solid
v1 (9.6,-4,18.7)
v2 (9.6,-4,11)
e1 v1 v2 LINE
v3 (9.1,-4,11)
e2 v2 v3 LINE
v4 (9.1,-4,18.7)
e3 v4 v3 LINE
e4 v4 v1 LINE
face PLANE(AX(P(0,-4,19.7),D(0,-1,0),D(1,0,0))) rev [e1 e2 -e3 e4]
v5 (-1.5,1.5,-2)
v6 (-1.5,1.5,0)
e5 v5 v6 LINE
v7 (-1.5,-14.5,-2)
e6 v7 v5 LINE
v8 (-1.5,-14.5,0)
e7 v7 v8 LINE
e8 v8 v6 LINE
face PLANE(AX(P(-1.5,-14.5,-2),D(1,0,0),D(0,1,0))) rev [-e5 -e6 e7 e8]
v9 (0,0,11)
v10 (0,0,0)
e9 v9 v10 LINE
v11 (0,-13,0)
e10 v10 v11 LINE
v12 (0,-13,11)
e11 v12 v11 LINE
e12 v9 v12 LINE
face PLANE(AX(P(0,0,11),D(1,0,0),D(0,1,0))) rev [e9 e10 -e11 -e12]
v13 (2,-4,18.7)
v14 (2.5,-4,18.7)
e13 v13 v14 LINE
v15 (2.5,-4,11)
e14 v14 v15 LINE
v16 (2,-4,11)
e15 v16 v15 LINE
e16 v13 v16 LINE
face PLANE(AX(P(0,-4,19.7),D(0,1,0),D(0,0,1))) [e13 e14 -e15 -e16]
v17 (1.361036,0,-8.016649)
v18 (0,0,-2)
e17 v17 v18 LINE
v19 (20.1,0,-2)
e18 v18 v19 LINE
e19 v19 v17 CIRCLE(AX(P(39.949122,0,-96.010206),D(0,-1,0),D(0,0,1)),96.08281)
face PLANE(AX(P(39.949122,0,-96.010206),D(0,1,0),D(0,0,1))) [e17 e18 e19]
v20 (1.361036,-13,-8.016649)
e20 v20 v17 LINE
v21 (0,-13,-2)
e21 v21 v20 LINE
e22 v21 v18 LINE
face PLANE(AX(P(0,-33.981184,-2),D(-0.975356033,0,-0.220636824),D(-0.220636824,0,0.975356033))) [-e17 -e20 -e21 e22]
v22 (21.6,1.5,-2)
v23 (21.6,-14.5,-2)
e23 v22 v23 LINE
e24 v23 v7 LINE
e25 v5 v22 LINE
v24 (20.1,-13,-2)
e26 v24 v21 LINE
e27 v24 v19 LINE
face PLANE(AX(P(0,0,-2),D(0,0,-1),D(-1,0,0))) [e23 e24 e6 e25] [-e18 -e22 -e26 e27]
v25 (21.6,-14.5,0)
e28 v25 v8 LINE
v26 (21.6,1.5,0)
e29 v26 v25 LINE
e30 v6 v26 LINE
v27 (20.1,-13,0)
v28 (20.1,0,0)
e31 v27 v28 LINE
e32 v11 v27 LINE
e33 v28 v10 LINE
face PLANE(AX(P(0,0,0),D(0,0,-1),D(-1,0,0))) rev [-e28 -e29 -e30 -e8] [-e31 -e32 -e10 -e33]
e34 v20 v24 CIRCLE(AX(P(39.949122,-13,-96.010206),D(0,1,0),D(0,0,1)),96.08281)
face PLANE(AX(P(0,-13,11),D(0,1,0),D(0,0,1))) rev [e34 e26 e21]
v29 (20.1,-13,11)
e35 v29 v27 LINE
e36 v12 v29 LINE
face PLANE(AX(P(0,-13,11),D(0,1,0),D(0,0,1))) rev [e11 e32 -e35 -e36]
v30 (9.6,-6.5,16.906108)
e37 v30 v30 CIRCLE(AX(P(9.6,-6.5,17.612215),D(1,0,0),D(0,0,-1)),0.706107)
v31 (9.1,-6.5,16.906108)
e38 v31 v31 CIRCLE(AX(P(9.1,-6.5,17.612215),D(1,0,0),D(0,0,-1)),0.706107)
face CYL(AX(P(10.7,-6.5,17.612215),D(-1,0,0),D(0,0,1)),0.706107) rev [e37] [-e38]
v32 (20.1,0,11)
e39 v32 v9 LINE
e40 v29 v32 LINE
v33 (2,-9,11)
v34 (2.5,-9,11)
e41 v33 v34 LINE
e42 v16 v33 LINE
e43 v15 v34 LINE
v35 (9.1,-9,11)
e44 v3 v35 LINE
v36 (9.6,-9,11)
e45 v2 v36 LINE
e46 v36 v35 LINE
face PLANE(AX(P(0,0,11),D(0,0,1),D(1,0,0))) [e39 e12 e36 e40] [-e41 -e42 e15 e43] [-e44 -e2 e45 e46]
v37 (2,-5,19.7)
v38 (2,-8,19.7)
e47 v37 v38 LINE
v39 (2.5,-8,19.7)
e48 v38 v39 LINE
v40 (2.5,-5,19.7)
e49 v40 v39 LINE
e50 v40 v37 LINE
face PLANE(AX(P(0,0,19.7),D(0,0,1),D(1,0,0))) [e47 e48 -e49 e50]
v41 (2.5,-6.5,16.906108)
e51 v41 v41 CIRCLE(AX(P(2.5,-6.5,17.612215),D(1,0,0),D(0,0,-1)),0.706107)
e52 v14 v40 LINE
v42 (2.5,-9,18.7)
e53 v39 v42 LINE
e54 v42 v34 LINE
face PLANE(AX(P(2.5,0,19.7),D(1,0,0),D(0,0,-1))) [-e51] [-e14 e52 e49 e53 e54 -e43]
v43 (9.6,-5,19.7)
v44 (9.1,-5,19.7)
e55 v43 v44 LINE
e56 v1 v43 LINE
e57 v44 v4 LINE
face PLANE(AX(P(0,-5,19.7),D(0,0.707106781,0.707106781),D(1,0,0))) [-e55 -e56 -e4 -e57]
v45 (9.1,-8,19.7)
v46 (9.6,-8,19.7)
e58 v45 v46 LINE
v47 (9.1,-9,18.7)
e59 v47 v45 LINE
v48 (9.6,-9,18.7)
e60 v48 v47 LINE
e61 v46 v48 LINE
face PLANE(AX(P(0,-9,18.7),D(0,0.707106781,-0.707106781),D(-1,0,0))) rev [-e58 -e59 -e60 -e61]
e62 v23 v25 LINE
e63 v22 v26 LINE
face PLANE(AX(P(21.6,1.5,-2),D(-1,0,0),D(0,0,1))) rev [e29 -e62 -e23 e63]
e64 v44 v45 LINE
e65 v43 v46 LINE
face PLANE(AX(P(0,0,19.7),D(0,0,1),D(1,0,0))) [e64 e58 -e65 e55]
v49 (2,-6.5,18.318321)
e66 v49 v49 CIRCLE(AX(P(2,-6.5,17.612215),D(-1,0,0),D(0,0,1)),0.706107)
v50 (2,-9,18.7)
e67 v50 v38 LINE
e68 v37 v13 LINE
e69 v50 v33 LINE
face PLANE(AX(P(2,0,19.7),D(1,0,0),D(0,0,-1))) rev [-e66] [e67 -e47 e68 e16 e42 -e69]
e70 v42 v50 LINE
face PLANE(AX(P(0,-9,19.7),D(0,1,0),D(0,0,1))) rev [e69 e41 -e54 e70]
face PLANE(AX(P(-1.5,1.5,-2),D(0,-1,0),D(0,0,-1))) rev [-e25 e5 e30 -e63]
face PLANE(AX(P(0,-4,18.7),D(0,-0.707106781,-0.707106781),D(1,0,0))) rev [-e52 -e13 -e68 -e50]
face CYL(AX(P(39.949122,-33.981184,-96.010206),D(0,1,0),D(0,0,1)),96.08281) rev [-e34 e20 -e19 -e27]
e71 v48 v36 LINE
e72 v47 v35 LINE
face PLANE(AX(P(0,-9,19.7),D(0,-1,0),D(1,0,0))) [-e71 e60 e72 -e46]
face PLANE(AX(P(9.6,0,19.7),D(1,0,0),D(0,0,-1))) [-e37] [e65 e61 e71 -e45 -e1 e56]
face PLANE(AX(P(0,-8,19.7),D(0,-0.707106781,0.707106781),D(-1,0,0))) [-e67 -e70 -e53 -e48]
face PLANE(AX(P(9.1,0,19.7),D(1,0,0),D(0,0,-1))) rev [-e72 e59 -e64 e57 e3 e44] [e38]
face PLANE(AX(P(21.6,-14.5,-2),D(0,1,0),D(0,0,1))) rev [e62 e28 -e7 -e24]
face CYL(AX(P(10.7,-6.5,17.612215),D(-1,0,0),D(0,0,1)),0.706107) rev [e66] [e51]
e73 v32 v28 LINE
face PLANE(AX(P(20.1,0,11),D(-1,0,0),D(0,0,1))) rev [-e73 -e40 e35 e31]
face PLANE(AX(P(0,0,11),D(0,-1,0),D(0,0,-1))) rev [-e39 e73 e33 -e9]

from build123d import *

# Parameters (mm, degrees)
SKIZZE1_W                       = 20.1
SKIZZE1_H                       = 13
AUFSATZ_LINEAR_AUSTRAGEN1_DEPTH = 11
SKIZZE2_W                       = 0.5
SKIZZE2_H                       = 5
AUFSATZ_LINEAR_AUSTRAGEN2_DEPTH = 8.7
SKIZZE4_R                       = 0.706106742
SCHNITT_LINEAR_AUSTRAGEN1_DEPTH = 8.7
FASE1_SIZE                      = 1
SKIZZE5_W                       = 23.1
SKIZZE5_H                       = 16
AUFSATZ_LINEAR_AUSTRAGEN3_DEPTH = 2
AUFSATZ_LINEAR_AUSTRAGEN4_DEPTH = 13


with BuildPart() as part:
    # Skizze1 → Aufsatz-Linear austragen1 (new body)
    with BuildSketch(Plane.XY):
        with Locations((10.05, -6.5)):
            Rectangle(SKIZZE1_W, SKIZZE1_H)
    extrude(amount=AUFSATZ_LINEAR_AUSTRAGEN1_DEPTH)

    # Skizze2 → Aufsatz-Linear austragen2 (add)
    with BuildSketch(Plane.XY.offset(11)):
        with Locations((2.25, -6.5)):
            Rectangle(SKIZZE2_W, SKIZZE2_H)
        with Locations((9.35, -6.5)):
            Rectangle(SKIZZE2_W, SKIZZE2_H)
    extrude(amount=AUFSATZ_LINEAR_AUSTRAGEN2_DEPTH)

    # Skizze4 → Schnitt-Linear austragen1 (cut)
    with BuildSketch(Plane.ZY.offset(-2)):
        with Locations((17.612214696, -6.5)):
            Circle(SKIZZE4_R)
    extrude(amount=-SCHNITT_LINEAR_AUSTRAGEN1_DEPTH, mode=Mode.SUBTRACT)

    # Fase1
    fase1_edges = [part.edges().sort_by_distance(p)[0] for p in [
        (2.25, -4, 19.7),
        (2.25, -9, 19.7),
        (9.35, -9, 19.7),
        (9.35, -4, 19.7),
    ]]
    chamfer(fase1_edges, length=FASE1_SIZE)

    # Skizze5 → Aufsatz-Linear austragen3 (add)
    with BuildSketch(Plane(origin=(0, 0, 0), x_dir=(-1, 0, 0), z_dir=(0, 0, -1))):
        with Locations((-10.05, -6.5)):
            Rectangle(SKIZZE5_W, SKIZZE5_H)
    extrude(amount=AUFSATZ_LINEAR_AUSTRAGEN3_DEPTH)

    # Skizze6 → Aufsatz-Linear austragen4 (add)
    with BuildSketch(Plane(origin=(0, 0, 0), x_dir=(1, 0, 0), z_dir=(0, 1, 0))):
        with BuildLine():
            Line((0, 2), (1.361035654, 8.016649053))
            ThreePointArc((1.361035654, 8.016649053), (10.576058723, 4.527258802), (20.1, 2))
            Line((20.1, 2), (0, 2))
        make_face()
    extrude(amount=-AUFSATZ_LINEAR_AUSTRAGEN4_DEPTH)


solid = part.part
